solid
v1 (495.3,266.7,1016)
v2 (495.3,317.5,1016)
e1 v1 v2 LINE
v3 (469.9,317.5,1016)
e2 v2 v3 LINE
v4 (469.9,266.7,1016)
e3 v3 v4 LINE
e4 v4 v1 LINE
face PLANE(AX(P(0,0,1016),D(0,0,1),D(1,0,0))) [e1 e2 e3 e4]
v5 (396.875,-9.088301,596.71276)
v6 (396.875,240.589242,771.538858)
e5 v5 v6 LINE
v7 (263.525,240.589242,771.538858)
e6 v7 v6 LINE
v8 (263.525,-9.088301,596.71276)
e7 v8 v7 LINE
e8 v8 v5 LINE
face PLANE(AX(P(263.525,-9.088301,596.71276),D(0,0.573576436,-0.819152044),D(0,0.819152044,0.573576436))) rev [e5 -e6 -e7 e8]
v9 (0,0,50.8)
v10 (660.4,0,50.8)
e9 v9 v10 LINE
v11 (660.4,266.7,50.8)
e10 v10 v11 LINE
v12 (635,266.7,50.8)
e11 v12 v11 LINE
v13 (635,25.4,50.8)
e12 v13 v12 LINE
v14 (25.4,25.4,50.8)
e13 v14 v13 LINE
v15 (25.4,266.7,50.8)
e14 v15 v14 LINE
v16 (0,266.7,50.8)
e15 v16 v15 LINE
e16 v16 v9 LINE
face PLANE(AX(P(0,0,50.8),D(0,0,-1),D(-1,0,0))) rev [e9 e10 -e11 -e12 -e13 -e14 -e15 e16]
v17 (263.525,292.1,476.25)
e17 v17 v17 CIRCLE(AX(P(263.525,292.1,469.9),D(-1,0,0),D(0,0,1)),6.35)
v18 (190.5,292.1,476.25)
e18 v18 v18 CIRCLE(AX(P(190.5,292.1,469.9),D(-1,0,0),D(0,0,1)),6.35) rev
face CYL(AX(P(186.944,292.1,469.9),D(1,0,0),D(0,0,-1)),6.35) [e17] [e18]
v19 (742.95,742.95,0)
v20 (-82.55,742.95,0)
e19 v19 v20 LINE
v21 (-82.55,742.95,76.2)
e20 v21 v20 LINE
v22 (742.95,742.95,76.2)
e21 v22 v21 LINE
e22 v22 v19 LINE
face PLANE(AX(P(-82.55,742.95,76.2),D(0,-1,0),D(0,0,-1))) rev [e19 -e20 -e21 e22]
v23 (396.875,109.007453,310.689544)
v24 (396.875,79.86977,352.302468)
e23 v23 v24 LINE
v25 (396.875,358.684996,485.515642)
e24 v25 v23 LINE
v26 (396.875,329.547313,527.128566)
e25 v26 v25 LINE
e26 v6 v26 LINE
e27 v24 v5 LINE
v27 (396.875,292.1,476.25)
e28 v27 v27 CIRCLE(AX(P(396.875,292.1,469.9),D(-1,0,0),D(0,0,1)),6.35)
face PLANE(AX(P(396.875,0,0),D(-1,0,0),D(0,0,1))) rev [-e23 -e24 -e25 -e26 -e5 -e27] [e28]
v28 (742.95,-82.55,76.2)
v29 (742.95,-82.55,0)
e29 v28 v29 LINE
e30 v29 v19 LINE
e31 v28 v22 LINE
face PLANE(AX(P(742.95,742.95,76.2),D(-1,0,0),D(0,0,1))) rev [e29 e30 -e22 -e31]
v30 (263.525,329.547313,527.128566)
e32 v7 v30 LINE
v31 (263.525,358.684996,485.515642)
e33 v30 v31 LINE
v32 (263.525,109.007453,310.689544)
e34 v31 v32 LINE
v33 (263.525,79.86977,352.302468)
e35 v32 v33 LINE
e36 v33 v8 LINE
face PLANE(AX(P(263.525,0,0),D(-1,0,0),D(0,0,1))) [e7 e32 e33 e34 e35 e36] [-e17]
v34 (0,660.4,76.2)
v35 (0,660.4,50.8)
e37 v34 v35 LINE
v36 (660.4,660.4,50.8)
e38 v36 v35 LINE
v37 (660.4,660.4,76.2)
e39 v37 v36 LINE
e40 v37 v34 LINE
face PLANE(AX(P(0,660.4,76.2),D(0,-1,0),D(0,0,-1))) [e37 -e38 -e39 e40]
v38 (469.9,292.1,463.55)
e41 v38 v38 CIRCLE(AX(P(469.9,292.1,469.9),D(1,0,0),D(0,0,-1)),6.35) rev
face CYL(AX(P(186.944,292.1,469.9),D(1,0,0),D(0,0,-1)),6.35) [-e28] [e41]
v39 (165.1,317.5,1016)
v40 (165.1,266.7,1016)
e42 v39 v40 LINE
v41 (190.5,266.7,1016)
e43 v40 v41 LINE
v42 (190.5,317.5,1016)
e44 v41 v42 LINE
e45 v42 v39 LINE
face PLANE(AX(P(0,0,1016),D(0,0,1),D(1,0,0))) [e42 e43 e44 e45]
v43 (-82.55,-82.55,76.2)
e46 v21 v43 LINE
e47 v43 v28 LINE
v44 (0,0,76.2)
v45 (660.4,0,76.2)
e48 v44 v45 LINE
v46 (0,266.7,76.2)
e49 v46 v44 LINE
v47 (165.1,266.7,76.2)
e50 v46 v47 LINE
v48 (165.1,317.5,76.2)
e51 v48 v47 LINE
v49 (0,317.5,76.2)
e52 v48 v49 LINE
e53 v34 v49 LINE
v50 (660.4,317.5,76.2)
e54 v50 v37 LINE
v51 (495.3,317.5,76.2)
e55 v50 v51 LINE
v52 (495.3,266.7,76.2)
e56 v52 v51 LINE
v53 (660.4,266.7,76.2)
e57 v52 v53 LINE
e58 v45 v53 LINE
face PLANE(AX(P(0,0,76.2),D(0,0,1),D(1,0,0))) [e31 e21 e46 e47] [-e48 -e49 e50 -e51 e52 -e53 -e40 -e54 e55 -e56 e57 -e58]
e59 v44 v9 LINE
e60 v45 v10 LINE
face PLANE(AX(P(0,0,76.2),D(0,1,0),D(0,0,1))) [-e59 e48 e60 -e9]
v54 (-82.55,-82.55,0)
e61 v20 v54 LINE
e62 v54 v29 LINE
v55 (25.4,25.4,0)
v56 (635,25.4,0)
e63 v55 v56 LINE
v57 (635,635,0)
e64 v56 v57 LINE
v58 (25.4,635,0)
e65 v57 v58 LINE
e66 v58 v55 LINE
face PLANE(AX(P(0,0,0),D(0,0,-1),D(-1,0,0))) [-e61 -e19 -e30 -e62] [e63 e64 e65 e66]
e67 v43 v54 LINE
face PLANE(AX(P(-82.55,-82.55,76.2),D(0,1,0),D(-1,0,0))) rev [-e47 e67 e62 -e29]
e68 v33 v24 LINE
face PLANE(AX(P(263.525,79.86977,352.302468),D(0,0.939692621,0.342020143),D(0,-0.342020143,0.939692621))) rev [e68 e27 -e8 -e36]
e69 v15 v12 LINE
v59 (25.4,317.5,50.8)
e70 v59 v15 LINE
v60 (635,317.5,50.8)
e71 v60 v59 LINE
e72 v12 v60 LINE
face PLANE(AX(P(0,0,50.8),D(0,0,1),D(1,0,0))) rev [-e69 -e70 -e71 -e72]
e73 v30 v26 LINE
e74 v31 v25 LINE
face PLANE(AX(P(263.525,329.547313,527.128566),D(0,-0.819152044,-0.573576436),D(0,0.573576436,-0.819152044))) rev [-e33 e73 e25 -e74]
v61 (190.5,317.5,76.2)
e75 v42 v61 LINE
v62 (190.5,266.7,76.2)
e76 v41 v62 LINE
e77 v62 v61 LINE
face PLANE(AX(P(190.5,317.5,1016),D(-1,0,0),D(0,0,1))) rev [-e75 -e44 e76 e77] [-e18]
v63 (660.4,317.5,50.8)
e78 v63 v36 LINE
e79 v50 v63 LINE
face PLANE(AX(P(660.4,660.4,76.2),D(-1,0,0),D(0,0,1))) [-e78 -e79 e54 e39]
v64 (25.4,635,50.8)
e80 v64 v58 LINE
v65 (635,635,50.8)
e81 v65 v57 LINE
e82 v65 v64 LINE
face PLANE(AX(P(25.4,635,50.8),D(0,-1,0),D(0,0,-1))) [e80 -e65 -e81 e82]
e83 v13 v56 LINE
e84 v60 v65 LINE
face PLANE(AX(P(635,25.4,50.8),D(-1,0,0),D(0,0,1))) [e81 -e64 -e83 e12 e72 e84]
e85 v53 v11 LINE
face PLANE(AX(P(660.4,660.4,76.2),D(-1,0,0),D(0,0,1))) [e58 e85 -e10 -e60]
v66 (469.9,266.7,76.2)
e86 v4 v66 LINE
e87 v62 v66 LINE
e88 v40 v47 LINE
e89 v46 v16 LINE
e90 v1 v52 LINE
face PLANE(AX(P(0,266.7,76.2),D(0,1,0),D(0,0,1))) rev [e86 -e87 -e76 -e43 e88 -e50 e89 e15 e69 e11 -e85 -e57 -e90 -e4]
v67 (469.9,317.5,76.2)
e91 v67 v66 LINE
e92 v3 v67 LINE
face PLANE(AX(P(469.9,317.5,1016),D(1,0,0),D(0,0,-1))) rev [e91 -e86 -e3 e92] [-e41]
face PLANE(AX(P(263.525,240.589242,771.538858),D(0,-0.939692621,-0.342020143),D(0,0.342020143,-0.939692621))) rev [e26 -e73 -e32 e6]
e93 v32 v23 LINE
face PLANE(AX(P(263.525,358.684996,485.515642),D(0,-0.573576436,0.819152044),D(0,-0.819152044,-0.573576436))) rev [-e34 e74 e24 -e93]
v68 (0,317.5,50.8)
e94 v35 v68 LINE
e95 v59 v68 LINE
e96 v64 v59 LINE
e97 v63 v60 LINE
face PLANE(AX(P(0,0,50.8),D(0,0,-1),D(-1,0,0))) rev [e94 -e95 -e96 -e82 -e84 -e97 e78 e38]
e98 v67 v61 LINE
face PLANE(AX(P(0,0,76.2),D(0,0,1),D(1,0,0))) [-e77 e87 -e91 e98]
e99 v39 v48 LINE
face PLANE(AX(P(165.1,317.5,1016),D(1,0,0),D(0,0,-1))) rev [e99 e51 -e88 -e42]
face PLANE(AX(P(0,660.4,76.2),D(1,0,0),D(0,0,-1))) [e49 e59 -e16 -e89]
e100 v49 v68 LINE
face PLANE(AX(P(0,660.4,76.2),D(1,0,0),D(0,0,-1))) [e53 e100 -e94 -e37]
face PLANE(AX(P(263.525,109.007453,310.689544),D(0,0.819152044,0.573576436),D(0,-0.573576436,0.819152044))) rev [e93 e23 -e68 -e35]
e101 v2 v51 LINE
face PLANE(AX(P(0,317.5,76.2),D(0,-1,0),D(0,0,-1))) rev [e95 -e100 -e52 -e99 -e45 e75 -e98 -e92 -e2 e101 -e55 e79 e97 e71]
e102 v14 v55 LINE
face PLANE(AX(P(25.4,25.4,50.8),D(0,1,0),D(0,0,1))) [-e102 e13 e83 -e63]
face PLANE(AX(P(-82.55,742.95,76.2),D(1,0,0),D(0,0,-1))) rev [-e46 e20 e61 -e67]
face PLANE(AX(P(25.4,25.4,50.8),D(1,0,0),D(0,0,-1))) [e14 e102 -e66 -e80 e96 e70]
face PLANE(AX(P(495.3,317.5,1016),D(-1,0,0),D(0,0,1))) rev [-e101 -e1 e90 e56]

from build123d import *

# Parameters (mm, degrees)
SKETCH1_W           = 660.4
SKETCH1_H           = 660.4
SKETCH1_W_2         = 609.6
SKETCH1_H_2         = 609.6
BOSS_EXTRUDE1_DEPTH = 50.8
SKETCH2_W           = 660.4
SKETCH2_H           = 50.8
BOSS_EXTRUDE2_DEPTH = 25.4
SKETCH3_W           = 25.4
SKETCH3_H           = 50.8
BOSS_EXTRUDE3_DEPTH = 939.8
BOSS_EXTRUDE4_START = 73.025
SKETCH4_R           = 6.35
BOSS_EXTRUDE4_DEPTH = 133.35
SKETCH4_2_R         = 6.35
BOSS_EXTRUDE5_DEPTH = 282.956
SKETCH5_W           = 825.5
SKETCH5_H           = 825.5
SKETCH5_W_2         = 660.4
SKETCH5_H_2         = 660.4
BOSS_EXTRUDE6_DEPTH = 76.2


with BuildPart() as part:
    # Sketch1 → Boss-Extrude1 (new body)
    with BuildSketch(Plane.XY):
        with Locations((330.2, 330.2)):
            Rectangle(SKETCH1_W, SKETCH1_H)
        with Locations((330.2, 330.2)):
            Rectangle(SKETCH1_W_2, SKETCH1_H_2, mode=Mode.SUBTRACT)
    extrude(amount=BOSS_EXTRUDE1_DEPTH)

    # Sketch2 → Boss-Extrude2 (add)
    with BuildSketch(Plane.XY.offset(50.8)):
        with Locations((330.2, 292.1)):
            Rectangle(SKETCH2_W, SKETCH2_H)
    extrude(amount=BOSS_EXTRUDE2_DEPTH)

    # Sketch3 → Boss-Extrude3 (add)
    with BuildSketch(Plane.XY.offset(76.2)):
        with Locations((177.8, 292.1)):
            Rectangle(SKETCH3_W, SKETCH3_H)
        with Locations((482.6, 292.1)):
            Rectangle(SKETCH3_W, SKETCH3_H)
    extrude(amount=BOSS_EXTRUDE3_DEPTH)



with BuildPart() as body_2:
    # Sketch4 → Boss-Extrude4 (new body)
    with BuildSketch(Plane.ZY.offset(-469.9).offset(BOSS_EXTRUDE4_START)):
        Polygon((485.515641783, 358.684996296), (310.689543984, 109.007453196), (352.302467833, 79.86977023), (596.712759729, -9.088300969), (771.538857529, 240.589242131), (527.128565633, 329.547313329), align=None)
        with Locations((469.9, 292.1)):
            Circle(SKETCH4_R, mode=Mode.SUBTRACT)
    extrude(amount=BOSS_EXTRUDE4_DEPTH)


with BuildPart() as part_1:
    add(part.part)

    add(body_2.part)  # Boss-Extrude5 merges body 2
    # Sketch4<2> → Boss-Extrude5 (add)
    with BuildSketch(Plane.ZY.offset(-469.9)):
        with Locations((469.9, 292.1)):
            Circle(SKETCH4_2_R)
    extrude(amount=BOSS_EXTRUDE5_DEPTH)

    # Sketch5 → Boss-Extrude6 (add)
    with BuildSketch(Plane.XY):
        with Locations((330.2, 330.2)):
            Rectangle(SKETCH5_W, SKETCH5_H)
        with Locations((330.2, 330.2)):
            Rectangle(SKETCH5_W_2, SKETCH5_H_2, mode=Mode.SUBTRACT)
    extrude(amount=BOSS_EXTRUDE6_DEPTH)


solid = part_1.part
